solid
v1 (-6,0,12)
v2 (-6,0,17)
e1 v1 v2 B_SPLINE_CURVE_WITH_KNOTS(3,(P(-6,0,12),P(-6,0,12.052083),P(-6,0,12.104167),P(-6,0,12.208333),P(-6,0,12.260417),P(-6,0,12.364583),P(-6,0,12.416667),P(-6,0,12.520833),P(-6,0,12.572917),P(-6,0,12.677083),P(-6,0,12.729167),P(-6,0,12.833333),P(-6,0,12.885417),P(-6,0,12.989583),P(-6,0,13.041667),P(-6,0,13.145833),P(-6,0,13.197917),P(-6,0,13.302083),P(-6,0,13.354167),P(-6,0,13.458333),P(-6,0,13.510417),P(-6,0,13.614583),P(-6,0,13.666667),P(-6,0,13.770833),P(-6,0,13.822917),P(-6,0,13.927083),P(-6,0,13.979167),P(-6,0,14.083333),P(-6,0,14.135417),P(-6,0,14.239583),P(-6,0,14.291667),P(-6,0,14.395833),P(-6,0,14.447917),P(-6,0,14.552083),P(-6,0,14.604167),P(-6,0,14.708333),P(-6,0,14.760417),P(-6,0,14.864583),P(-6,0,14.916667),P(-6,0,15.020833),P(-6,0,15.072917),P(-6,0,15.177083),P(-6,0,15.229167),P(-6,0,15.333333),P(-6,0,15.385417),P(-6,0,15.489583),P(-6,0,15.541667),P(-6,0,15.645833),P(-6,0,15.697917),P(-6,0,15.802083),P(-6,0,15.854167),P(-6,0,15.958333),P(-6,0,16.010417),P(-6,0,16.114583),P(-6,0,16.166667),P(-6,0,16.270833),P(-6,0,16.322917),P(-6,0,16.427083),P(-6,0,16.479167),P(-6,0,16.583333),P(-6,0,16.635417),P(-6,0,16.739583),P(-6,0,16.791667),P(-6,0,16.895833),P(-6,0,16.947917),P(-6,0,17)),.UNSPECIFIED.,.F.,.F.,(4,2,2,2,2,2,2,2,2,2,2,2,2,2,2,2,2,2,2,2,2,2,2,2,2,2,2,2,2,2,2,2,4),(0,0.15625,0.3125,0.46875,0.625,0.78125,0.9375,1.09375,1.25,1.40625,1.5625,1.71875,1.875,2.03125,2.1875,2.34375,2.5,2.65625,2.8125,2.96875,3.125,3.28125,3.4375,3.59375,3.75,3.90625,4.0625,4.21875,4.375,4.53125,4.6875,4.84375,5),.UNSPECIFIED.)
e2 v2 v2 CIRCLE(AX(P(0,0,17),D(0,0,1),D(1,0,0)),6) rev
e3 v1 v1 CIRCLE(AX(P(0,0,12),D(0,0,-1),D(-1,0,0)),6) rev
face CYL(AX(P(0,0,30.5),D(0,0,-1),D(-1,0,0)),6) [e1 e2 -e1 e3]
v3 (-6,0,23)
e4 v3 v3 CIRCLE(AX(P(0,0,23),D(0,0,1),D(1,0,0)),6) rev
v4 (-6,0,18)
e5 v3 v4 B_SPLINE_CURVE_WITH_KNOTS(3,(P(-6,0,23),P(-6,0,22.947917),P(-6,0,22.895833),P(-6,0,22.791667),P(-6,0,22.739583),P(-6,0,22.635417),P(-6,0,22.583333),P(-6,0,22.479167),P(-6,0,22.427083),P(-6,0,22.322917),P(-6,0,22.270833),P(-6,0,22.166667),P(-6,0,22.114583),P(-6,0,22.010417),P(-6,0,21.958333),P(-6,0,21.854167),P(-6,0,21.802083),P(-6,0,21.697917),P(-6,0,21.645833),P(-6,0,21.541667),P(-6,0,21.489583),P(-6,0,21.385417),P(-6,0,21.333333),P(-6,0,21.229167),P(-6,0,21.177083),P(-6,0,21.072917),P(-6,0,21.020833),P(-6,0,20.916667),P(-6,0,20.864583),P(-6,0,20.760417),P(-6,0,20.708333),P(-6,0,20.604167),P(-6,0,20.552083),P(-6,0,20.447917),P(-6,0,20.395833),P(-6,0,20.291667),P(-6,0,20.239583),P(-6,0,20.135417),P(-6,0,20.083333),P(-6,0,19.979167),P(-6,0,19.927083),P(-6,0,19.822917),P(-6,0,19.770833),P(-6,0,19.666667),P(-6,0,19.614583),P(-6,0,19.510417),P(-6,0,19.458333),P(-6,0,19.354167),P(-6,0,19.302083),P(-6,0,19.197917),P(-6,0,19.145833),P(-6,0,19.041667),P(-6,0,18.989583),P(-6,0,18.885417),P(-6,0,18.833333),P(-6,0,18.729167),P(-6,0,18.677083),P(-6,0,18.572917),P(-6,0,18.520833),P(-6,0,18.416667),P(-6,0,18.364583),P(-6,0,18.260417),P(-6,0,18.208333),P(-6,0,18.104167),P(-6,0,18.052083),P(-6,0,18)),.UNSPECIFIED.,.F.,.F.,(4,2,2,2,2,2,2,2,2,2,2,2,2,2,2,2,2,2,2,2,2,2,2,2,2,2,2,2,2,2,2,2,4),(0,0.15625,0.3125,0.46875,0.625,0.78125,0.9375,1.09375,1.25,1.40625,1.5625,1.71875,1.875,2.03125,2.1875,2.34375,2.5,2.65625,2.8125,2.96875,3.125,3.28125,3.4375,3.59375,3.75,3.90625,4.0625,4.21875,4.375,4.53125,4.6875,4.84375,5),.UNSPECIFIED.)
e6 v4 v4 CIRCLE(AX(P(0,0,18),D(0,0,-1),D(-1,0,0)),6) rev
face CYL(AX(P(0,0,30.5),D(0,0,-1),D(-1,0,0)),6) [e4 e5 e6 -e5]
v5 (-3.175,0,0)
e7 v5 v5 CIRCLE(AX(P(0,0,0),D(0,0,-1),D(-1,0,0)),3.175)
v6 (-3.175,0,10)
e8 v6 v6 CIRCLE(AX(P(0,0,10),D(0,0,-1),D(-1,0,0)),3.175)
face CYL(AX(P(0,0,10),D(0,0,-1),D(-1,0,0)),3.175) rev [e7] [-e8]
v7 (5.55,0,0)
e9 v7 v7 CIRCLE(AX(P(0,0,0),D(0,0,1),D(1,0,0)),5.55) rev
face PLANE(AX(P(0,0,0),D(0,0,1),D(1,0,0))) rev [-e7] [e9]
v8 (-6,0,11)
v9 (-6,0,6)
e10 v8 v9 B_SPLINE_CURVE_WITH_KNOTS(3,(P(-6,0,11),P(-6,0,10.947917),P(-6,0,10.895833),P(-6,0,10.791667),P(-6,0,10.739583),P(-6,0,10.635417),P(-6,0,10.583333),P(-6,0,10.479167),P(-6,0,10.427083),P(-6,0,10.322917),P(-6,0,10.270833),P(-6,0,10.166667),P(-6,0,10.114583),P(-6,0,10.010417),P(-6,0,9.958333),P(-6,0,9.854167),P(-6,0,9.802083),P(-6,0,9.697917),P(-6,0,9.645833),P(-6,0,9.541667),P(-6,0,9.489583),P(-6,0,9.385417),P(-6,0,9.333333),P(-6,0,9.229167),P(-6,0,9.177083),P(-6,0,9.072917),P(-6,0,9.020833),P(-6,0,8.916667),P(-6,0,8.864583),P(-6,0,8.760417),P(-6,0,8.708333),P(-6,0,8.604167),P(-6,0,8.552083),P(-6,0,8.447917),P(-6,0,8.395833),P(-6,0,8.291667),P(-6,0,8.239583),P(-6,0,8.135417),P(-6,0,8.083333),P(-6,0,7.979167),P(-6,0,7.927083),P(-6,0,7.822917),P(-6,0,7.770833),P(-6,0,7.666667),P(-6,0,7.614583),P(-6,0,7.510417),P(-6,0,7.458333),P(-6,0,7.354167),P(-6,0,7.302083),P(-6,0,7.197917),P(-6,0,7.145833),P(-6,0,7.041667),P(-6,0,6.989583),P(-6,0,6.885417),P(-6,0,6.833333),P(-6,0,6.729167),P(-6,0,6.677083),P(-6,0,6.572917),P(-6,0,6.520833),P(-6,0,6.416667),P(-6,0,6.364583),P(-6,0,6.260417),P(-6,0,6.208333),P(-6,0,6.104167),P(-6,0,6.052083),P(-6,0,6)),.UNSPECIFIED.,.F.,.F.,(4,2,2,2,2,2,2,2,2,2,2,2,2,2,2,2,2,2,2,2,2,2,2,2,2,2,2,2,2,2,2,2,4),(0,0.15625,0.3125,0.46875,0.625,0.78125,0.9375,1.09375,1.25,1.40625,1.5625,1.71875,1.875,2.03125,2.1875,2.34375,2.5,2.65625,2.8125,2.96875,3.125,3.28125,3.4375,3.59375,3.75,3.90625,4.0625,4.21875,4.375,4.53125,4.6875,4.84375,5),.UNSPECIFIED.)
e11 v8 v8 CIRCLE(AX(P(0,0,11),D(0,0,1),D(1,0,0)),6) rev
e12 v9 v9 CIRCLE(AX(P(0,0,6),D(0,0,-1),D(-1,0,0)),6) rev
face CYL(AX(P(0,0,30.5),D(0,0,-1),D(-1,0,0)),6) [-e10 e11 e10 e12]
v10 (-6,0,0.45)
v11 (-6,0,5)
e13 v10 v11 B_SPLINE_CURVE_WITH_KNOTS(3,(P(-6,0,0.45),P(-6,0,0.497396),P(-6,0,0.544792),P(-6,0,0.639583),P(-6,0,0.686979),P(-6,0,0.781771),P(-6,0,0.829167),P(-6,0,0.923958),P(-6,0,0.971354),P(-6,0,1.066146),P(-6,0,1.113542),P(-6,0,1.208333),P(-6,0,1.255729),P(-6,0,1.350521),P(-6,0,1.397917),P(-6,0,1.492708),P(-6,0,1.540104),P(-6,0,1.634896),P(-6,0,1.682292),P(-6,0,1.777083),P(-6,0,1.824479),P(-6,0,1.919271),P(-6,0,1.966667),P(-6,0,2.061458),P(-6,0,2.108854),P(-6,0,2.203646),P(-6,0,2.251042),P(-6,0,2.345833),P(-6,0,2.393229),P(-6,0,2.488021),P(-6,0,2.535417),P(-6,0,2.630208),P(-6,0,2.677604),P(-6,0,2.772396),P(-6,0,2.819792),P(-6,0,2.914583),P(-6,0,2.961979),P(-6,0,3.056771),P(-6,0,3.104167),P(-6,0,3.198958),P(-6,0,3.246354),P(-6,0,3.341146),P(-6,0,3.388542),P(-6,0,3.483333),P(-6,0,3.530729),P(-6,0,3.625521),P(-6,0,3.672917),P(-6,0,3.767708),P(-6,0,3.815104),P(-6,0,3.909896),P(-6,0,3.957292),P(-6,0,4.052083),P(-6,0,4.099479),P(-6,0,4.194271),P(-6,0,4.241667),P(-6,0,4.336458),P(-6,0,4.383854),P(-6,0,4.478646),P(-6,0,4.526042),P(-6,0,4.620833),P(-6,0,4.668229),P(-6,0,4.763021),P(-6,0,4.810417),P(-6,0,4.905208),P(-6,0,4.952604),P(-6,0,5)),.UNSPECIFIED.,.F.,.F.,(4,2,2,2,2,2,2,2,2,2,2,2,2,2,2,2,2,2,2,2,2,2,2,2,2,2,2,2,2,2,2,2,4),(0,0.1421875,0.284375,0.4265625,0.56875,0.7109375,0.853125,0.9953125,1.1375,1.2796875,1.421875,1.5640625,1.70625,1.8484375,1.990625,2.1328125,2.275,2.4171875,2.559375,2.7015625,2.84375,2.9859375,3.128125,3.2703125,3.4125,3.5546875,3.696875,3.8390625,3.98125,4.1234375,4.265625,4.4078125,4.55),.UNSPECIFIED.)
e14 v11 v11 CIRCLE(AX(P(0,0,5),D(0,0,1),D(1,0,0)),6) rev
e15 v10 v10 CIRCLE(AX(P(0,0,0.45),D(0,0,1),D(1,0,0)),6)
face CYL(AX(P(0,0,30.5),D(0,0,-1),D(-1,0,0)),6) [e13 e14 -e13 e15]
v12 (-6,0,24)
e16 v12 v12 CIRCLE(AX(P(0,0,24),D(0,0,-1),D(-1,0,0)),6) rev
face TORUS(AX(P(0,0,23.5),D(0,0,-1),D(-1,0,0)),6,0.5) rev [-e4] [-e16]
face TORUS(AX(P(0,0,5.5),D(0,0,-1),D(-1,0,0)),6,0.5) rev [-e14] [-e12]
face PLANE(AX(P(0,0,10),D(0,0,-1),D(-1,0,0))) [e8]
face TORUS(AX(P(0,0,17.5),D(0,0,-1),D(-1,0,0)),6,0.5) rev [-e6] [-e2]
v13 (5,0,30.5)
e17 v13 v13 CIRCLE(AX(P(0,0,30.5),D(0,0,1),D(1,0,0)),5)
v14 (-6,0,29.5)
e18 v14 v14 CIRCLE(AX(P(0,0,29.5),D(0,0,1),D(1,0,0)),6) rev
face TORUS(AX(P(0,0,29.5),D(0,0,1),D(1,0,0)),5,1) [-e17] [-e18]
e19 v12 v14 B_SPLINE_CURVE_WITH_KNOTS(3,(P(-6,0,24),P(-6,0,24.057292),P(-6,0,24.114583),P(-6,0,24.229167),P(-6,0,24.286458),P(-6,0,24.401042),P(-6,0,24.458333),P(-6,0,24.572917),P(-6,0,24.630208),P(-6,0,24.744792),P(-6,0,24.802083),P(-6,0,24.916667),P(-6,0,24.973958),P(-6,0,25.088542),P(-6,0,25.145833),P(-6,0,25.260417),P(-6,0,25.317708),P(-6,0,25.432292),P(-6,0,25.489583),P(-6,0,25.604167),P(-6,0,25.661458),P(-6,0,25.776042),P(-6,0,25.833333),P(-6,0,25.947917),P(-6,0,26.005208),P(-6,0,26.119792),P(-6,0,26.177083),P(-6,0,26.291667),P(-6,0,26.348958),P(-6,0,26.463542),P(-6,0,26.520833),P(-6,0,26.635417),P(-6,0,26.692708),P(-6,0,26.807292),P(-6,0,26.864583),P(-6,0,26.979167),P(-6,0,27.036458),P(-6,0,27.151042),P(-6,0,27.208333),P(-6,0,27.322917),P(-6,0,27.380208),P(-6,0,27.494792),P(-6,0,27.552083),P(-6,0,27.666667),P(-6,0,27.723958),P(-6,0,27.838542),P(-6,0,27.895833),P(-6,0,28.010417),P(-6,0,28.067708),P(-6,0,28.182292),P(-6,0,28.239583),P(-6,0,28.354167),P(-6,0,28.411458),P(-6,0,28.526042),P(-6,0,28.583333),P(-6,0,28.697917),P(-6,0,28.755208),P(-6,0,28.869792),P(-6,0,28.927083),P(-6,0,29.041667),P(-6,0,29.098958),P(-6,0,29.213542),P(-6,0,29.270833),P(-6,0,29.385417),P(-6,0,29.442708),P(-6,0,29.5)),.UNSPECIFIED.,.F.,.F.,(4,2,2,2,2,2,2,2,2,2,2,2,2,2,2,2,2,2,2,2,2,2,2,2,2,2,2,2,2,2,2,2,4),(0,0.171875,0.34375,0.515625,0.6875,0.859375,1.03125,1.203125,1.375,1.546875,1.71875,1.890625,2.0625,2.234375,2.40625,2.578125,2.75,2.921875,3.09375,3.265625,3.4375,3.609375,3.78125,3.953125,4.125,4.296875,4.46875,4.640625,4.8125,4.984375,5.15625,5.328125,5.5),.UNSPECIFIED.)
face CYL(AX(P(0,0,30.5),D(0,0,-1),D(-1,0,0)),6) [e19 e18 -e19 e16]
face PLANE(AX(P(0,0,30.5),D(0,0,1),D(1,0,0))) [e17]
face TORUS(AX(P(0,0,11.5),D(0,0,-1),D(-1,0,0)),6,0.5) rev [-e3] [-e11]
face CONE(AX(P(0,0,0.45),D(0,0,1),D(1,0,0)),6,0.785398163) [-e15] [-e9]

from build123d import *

# Parameters (mm, degrees)
ESBO_O1_R                = 6
RESSALTO_EXTRUS_O1_DEPTH = 30.5
ESBO_O2_R                = 3.175
CORTE_EXTRUS_O1_DEPTH    = 10
FILETE1_R                = 1
ESBO_O3_R                = 0.5
CHANFRO1_SIZE            = 0.45


with BuildPart() as part:
    # Esboço1 → Ressalto-extrusão1 (new body)
    with BuildSketch(Plane.XY):
        with Locations(Location((0, 0, 0), (0, 0, 180))):
            Circle(ESBO_O1_R)
    extrude(amount=RESSALTO_EXTRUS_O1_DEPTH)

    # Esboço2 → Corte-extrusão1 (cut)
    with BuildSketch(Plane(origin=(0, 0, 0), x_dir=(-1, 0, 0), z_dir=(0, 0, -1))):
        Circle(ESBO_O2_R)
    extrude(amount=-CORTE_EXTRUS_O1_DEPTH, mode=Mode.SUBTRACT)

    # Filete1
    filete1_edges = [part.edges().sort_by_distance(p)[0] for p in [
        (6, 0, 30.5),
    ]]
    fillet(filete1_edges, radius=FILETE1_R)

    # Esboço3 → Corte-Revolução1 (revolve, cut)
    with BuildSketch(Plane(origin=(0, 0, 0), x_dir=(1, 0, 0), z_dir=(0, 1, 0))):
        with Locations((-6, -23.5)):
            Circle(ESBO_O3_R)
        with Locations((-6, -17.5)):
            Circle(ESBO_O3_R)
        with Locations((-6, -5.5)):
            Circle(ESBO_O3_R)
        with Locations((-6, -11.5)):
            Circle(ESBO_O3_R)
    revolve(axis=Axis((0, 0, 0), (0, 0, 1)), mode=Mode.SUBTRACT)

    # Chanfro1
    chanfro1_edges = [part.edges().sort_by_distance(p)[0] for p in [
        (6, 0, 0),
    ]]
    chamfer(chanfro1_edges, length=CHANFRO1_SIZE)


solid = part.part
